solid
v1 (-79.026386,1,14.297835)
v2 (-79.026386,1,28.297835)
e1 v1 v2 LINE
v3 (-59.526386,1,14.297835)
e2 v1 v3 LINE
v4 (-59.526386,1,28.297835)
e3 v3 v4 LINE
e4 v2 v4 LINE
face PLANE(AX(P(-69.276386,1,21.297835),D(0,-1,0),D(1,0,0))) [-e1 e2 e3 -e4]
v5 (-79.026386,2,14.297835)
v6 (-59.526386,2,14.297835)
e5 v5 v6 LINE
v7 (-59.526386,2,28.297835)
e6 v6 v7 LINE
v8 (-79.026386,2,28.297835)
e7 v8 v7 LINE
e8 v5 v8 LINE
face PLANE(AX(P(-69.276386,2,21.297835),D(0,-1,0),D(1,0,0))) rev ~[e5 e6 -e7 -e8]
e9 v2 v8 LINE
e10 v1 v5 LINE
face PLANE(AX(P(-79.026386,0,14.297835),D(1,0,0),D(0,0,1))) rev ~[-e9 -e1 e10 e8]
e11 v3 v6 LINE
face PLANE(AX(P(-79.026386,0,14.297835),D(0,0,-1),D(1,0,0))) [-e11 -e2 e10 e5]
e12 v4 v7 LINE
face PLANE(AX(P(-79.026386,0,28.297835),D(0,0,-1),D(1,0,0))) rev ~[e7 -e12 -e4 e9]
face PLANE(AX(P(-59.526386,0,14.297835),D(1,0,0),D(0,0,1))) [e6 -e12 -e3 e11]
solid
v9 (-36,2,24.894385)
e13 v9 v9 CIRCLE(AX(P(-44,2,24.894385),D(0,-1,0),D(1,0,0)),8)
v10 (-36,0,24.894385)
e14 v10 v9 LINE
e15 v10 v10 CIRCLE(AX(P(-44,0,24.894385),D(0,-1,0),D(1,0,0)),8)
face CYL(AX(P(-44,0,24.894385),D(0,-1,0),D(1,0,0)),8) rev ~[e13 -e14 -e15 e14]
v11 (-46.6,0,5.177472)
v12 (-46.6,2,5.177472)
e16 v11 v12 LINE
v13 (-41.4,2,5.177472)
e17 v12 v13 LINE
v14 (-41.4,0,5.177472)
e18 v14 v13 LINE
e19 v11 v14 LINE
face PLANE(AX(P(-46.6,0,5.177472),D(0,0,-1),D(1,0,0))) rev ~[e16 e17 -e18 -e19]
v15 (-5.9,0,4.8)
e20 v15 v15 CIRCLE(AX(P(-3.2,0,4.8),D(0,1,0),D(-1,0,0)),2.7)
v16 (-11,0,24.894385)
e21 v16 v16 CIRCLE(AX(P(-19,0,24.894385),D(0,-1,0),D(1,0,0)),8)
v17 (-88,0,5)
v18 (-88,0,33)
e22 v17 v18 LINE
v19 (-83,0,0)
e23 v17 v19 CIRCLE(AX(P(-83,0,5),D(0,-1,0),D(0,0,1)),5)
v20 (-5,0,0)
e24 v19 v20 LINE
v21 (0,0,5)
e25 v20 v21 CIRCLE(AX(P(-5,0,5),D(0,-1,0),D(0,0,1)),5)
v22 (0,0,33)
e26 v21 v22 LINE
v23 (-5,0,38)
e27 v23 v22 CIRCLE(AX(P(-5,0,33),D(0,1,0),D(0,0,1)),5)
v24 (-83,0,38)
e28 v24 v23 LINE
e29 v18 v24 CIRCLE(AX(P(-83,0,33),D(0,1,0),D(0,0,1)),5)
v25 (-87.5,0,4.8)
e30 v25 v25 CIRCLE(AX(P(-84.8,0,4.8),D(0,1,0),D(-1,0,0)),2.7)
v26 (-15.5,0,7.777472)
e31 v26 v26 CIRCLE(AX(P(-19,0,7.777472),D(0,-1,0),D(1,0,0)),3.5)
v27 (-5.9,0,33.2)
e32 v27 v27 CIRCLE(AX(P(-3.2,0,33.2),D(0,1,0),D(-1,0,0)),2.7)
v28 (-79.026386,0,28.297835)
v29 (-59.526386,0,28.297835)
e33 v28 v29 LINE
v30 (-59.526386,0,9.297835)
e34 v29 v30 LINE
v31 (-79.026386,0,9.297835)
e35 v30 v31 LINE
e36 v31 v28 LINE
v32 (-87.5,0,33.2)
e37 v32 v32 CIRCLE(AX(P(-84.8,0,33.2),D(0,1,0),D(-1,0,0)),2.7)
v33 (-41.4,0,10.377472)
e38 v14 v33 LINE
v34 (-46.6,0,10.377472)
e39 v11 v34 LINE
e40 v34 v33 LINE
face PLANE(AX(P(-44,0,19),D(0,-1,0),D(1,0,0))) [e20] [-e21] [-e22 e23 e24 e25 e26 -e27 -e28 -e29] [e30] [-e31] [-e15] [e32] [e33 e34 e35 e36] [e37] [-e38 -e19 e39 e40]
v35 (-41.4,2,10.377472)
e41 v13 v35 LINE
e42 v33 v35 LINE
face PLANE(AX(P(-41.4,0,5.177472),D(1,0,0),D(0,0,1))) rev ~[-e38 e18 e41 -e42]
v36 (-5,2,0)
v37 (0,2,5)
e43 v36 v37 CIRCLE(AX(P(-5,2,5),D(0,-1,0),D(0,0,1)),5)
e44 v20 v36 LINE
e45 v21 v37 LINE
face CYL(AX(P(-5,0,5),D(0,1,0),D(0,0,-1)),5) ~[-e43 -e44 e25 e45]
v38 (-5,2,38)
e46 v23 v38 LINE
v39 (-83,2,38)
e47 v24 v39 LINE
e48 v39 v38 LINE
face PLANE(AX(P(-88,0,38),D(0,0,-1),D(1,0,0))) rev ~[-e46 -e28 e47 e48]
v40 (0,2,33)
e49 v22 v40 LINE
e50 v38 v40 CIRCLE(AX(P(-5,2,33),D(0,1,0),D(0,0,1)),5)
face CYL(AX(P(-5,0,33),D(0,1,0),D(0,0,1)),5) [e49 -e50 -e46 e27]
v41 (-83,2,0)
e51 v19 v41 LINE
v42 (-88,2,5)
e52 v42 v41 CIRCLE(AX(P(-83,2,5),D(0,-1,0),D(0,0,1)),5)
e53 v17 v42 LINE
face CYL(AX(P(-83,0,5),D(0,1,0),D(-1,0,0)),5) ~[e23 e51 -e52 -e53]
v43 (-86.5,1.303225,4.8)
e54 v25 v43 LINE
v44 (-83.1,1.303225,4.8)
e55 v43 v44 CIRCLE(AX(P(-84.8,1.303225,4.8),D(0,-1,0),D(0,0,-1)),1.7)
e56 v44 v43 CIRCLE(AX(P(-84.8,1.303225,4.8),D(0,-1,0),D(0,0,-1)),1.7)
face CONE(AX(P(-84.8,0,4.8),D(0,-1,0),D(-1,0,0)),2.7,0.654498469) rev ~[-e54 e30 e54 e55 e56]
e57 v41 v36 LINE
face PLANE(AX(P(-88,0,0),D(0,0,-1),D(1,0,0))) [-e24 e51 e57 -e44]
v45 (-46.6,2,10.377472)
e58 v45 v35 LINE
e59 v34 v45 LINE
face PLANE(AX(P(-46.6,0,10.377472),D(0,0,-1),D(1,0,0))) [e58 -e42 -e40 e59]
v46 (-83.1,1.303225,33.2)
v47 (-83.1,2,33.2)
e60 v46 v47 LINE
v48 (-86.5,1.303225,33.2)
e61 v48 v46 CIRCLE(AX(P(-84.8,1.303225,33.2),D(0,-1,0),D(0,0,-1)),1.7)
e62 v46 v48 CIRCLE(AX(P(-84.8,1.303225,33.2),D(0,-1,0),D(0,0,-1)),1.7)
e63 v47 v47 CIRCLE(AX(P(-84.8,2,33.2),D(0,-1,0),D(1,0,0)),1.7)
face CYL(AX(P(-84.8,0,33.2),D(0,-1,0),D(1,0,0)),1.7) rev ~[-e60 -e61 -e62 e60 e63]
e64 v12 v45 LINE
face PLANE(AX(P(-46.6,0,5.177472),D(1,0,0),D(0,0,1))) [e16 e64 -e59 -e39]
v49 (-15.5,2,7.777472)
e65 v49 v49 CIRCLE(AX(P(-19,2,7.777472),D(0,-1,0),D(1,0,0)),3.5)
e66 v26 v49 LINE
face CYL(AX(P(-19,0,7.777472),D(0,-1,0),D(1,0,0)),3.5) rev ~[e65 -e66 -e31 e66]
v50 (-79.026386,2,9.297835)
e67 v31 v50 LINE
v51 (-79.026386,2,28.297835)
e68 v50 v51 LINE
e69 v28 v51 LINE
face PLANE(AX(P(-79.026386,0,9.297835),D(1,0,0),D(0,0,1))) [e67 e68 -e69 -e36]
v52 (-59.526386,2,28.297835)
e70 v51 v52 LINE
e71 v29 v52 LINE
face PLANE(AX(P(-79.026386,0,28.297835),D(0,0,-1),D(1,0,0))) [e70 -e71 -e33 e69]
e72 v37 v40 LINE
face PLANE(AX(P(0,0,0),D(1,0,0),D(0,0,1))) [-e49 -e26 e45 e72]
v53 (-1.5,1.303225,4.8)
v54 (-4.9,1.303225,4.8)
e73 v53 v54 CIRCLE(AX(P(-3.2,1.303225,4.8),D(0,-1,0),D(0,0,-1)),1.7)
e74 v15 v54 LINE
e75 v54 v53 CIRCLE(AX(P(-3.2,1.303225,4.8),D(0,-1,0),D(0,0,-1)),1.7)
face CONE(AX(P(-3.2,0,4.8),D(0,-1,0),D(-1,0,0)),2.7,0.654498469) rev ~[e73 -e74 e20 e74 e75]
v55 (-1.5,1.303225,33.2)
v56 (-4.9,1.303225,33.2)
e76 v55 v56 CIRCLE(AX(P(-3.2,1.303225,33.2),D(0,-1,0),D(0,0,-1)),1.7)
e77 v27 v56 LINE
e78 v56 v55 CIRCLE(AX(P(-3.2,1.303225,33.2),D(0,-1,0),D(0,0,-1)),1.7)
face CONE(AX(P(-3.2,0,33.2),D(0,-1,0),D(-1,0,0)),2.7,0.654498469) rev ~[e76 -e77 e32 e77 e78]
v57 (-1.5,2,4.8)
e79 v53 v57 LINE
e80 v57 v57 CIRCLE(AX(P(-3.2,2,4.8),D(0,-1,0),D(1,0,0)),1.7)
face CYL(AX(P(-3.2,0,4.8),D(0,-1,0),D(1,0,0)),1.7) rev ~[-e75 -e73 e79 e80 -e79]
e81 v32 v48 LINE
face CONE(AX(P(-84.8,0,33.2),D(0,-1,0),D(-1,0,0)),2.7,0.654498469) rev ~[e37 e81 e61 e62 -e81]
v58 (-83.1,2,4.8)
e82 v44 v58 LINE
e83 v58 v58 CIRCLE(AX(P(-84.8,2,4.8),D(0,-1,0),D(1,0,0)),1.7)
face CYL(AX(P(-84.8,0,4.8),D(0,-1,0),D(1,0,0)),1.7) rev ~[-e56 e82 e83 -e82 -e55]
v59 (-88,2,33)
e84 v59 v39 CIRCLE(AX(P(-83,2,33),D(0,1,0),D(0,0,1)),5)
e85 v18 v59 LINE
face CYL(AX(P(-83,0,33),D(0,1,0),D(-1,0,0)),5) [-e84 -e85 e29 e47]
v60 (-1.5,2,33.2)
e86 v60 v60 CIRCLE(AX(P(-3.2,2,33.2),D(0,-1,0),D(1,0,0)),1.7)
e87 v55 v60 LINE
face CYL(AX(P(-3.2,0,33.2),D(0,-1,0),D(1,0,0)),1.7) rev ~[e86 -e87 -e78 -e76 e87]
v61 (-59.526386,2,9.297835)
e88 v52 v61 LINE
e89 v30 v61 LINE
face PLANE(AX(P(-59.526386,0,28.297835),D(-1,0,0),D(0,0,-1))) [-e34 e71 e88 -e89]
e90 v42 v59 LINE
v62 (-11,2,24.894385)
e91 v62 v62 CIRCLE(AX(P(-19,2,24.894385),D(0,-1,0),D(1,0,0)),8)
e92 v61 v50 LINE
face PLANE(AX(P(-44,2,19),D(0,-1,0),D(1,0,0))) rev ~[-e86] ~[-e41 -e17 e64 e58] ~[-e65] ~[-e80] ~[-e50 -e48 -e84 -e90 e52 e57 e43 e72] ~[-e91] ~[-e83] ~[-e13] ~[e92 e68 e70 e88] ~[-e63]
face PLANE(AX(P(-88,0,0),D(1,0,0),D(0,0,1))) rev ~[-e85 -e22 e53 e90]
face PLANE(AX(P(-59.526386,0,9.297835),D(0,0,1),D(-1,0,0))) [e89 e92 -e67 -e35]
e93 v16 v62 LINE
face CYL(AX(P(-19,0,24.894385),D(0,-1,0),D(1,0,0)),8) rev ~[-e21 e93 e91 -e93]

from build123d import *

# Parameters (mm, degrees)
F0_W           = 88
F0_H           = 38
F0_R           = 1.7
F0_W_2         = 5.2
F0_H_2         = 5.2
F0_R_2         = 3.5
F0_R_3         = 8
F1_DEPTH       = 2
F2_R           = 5
F3_D           = 3
F3_DEPTH       = 13.5
F3_CSINK_D     = 5.4
F3_CSINK_ANGLE = 75
F0_W_3         = 19.5
F0_H_3         = 14
F4_DEPTH       = 2
F5_DEPTH       = 1


with BuildPart() as f1:
    # F0 (on Front) → F1 (new body)
    with BuildSketch(Plane.XZ):
        with Locations((-44, 19)):
            Rectangle(F0_W, F0_H)
        with Locations((-84.8, 4.8)):
            Circle(F0_R, mode=Mode.SUBTRACT)
        Polygon((-79.026386, 14.297835), (-79.026386, 28.297835), (-59.526386, 28.297835), (-59.526386, 14.297835), (-59.526386, 9.297835), (-79.026386, 9.297835), align=None, mode=Mode.SUBTRACT)
        with Locations((-44, 7.777472)):
            Rectangle(F0_W_2, F0_H_2, mode=Mode.SUBTRACT)
        with Locations((-19, 7.777472)):
            Circle(F0_R_2, mode=Mode.SUBTRACT)
        with Locations((-3.2, 4.8)):
            Circle(F0_R, mode=Mode.SUBTRACT)
        with Locations((-84.8, 33.2)):
            Circle(F0_R, mode=Mode.SUBTRACT)
        with Locations((-44, 24.894385)):
            Circle(F0_R_3, mode=Mode.SUBTRACT)
        with Locations((-19, 24.894385)):
            Circle(F0_R_3, mode=Mode.SUBTRACT)
        with Locations((-3.2, 33.2)):
            Circle(F0_R, mode=Mode.SUBTRACT)
    extrude(amount=-F1_DEPTH)

    # F2
    f2_edges = [f1.edges().sort_by_distance(p)[0] for p in [
        (-88, 1, 38),
        (-88, 1, 0),
        (0, 1, 0),
        (0, 1, 38),
    ]]
    fillet(f2_edges, radius=F2_R)

    # F3
    with Locations(Plane.XZ):
        with Locations((-84.8, 4.8), (-84.8, 33.2), (-3.2, 4.8), (-3.2, 33.2)):
            CounterSinkHole(F3_D / 2, F3_CSINK_D / 2, depth=F3_DEPTH, counter_sink_angle=F3_CSINK_ANGLE)


with BuildPart() as f4:
    # F0 (on Front) → F4 (new body)
    with BuildSketch(Plane.XZ):
        with Locations((-69.276386, 21.297835)):
            Rectangle(F0_W_3, F0_H_3)
    extrude(amount=-F4_DEPTH)

    # F0 (on Front) → F5 (cut)
    with BuildSketch(Plane.XZ):
        with Locations((-69.276386, 21.297835)):
            Rectangle(F0_W_3, F0_H_3)
    extrude(amount=-F5_DEPTH, mode=Mode.SUBTRACT)


solid = Compound([f1.part, f4.part])
